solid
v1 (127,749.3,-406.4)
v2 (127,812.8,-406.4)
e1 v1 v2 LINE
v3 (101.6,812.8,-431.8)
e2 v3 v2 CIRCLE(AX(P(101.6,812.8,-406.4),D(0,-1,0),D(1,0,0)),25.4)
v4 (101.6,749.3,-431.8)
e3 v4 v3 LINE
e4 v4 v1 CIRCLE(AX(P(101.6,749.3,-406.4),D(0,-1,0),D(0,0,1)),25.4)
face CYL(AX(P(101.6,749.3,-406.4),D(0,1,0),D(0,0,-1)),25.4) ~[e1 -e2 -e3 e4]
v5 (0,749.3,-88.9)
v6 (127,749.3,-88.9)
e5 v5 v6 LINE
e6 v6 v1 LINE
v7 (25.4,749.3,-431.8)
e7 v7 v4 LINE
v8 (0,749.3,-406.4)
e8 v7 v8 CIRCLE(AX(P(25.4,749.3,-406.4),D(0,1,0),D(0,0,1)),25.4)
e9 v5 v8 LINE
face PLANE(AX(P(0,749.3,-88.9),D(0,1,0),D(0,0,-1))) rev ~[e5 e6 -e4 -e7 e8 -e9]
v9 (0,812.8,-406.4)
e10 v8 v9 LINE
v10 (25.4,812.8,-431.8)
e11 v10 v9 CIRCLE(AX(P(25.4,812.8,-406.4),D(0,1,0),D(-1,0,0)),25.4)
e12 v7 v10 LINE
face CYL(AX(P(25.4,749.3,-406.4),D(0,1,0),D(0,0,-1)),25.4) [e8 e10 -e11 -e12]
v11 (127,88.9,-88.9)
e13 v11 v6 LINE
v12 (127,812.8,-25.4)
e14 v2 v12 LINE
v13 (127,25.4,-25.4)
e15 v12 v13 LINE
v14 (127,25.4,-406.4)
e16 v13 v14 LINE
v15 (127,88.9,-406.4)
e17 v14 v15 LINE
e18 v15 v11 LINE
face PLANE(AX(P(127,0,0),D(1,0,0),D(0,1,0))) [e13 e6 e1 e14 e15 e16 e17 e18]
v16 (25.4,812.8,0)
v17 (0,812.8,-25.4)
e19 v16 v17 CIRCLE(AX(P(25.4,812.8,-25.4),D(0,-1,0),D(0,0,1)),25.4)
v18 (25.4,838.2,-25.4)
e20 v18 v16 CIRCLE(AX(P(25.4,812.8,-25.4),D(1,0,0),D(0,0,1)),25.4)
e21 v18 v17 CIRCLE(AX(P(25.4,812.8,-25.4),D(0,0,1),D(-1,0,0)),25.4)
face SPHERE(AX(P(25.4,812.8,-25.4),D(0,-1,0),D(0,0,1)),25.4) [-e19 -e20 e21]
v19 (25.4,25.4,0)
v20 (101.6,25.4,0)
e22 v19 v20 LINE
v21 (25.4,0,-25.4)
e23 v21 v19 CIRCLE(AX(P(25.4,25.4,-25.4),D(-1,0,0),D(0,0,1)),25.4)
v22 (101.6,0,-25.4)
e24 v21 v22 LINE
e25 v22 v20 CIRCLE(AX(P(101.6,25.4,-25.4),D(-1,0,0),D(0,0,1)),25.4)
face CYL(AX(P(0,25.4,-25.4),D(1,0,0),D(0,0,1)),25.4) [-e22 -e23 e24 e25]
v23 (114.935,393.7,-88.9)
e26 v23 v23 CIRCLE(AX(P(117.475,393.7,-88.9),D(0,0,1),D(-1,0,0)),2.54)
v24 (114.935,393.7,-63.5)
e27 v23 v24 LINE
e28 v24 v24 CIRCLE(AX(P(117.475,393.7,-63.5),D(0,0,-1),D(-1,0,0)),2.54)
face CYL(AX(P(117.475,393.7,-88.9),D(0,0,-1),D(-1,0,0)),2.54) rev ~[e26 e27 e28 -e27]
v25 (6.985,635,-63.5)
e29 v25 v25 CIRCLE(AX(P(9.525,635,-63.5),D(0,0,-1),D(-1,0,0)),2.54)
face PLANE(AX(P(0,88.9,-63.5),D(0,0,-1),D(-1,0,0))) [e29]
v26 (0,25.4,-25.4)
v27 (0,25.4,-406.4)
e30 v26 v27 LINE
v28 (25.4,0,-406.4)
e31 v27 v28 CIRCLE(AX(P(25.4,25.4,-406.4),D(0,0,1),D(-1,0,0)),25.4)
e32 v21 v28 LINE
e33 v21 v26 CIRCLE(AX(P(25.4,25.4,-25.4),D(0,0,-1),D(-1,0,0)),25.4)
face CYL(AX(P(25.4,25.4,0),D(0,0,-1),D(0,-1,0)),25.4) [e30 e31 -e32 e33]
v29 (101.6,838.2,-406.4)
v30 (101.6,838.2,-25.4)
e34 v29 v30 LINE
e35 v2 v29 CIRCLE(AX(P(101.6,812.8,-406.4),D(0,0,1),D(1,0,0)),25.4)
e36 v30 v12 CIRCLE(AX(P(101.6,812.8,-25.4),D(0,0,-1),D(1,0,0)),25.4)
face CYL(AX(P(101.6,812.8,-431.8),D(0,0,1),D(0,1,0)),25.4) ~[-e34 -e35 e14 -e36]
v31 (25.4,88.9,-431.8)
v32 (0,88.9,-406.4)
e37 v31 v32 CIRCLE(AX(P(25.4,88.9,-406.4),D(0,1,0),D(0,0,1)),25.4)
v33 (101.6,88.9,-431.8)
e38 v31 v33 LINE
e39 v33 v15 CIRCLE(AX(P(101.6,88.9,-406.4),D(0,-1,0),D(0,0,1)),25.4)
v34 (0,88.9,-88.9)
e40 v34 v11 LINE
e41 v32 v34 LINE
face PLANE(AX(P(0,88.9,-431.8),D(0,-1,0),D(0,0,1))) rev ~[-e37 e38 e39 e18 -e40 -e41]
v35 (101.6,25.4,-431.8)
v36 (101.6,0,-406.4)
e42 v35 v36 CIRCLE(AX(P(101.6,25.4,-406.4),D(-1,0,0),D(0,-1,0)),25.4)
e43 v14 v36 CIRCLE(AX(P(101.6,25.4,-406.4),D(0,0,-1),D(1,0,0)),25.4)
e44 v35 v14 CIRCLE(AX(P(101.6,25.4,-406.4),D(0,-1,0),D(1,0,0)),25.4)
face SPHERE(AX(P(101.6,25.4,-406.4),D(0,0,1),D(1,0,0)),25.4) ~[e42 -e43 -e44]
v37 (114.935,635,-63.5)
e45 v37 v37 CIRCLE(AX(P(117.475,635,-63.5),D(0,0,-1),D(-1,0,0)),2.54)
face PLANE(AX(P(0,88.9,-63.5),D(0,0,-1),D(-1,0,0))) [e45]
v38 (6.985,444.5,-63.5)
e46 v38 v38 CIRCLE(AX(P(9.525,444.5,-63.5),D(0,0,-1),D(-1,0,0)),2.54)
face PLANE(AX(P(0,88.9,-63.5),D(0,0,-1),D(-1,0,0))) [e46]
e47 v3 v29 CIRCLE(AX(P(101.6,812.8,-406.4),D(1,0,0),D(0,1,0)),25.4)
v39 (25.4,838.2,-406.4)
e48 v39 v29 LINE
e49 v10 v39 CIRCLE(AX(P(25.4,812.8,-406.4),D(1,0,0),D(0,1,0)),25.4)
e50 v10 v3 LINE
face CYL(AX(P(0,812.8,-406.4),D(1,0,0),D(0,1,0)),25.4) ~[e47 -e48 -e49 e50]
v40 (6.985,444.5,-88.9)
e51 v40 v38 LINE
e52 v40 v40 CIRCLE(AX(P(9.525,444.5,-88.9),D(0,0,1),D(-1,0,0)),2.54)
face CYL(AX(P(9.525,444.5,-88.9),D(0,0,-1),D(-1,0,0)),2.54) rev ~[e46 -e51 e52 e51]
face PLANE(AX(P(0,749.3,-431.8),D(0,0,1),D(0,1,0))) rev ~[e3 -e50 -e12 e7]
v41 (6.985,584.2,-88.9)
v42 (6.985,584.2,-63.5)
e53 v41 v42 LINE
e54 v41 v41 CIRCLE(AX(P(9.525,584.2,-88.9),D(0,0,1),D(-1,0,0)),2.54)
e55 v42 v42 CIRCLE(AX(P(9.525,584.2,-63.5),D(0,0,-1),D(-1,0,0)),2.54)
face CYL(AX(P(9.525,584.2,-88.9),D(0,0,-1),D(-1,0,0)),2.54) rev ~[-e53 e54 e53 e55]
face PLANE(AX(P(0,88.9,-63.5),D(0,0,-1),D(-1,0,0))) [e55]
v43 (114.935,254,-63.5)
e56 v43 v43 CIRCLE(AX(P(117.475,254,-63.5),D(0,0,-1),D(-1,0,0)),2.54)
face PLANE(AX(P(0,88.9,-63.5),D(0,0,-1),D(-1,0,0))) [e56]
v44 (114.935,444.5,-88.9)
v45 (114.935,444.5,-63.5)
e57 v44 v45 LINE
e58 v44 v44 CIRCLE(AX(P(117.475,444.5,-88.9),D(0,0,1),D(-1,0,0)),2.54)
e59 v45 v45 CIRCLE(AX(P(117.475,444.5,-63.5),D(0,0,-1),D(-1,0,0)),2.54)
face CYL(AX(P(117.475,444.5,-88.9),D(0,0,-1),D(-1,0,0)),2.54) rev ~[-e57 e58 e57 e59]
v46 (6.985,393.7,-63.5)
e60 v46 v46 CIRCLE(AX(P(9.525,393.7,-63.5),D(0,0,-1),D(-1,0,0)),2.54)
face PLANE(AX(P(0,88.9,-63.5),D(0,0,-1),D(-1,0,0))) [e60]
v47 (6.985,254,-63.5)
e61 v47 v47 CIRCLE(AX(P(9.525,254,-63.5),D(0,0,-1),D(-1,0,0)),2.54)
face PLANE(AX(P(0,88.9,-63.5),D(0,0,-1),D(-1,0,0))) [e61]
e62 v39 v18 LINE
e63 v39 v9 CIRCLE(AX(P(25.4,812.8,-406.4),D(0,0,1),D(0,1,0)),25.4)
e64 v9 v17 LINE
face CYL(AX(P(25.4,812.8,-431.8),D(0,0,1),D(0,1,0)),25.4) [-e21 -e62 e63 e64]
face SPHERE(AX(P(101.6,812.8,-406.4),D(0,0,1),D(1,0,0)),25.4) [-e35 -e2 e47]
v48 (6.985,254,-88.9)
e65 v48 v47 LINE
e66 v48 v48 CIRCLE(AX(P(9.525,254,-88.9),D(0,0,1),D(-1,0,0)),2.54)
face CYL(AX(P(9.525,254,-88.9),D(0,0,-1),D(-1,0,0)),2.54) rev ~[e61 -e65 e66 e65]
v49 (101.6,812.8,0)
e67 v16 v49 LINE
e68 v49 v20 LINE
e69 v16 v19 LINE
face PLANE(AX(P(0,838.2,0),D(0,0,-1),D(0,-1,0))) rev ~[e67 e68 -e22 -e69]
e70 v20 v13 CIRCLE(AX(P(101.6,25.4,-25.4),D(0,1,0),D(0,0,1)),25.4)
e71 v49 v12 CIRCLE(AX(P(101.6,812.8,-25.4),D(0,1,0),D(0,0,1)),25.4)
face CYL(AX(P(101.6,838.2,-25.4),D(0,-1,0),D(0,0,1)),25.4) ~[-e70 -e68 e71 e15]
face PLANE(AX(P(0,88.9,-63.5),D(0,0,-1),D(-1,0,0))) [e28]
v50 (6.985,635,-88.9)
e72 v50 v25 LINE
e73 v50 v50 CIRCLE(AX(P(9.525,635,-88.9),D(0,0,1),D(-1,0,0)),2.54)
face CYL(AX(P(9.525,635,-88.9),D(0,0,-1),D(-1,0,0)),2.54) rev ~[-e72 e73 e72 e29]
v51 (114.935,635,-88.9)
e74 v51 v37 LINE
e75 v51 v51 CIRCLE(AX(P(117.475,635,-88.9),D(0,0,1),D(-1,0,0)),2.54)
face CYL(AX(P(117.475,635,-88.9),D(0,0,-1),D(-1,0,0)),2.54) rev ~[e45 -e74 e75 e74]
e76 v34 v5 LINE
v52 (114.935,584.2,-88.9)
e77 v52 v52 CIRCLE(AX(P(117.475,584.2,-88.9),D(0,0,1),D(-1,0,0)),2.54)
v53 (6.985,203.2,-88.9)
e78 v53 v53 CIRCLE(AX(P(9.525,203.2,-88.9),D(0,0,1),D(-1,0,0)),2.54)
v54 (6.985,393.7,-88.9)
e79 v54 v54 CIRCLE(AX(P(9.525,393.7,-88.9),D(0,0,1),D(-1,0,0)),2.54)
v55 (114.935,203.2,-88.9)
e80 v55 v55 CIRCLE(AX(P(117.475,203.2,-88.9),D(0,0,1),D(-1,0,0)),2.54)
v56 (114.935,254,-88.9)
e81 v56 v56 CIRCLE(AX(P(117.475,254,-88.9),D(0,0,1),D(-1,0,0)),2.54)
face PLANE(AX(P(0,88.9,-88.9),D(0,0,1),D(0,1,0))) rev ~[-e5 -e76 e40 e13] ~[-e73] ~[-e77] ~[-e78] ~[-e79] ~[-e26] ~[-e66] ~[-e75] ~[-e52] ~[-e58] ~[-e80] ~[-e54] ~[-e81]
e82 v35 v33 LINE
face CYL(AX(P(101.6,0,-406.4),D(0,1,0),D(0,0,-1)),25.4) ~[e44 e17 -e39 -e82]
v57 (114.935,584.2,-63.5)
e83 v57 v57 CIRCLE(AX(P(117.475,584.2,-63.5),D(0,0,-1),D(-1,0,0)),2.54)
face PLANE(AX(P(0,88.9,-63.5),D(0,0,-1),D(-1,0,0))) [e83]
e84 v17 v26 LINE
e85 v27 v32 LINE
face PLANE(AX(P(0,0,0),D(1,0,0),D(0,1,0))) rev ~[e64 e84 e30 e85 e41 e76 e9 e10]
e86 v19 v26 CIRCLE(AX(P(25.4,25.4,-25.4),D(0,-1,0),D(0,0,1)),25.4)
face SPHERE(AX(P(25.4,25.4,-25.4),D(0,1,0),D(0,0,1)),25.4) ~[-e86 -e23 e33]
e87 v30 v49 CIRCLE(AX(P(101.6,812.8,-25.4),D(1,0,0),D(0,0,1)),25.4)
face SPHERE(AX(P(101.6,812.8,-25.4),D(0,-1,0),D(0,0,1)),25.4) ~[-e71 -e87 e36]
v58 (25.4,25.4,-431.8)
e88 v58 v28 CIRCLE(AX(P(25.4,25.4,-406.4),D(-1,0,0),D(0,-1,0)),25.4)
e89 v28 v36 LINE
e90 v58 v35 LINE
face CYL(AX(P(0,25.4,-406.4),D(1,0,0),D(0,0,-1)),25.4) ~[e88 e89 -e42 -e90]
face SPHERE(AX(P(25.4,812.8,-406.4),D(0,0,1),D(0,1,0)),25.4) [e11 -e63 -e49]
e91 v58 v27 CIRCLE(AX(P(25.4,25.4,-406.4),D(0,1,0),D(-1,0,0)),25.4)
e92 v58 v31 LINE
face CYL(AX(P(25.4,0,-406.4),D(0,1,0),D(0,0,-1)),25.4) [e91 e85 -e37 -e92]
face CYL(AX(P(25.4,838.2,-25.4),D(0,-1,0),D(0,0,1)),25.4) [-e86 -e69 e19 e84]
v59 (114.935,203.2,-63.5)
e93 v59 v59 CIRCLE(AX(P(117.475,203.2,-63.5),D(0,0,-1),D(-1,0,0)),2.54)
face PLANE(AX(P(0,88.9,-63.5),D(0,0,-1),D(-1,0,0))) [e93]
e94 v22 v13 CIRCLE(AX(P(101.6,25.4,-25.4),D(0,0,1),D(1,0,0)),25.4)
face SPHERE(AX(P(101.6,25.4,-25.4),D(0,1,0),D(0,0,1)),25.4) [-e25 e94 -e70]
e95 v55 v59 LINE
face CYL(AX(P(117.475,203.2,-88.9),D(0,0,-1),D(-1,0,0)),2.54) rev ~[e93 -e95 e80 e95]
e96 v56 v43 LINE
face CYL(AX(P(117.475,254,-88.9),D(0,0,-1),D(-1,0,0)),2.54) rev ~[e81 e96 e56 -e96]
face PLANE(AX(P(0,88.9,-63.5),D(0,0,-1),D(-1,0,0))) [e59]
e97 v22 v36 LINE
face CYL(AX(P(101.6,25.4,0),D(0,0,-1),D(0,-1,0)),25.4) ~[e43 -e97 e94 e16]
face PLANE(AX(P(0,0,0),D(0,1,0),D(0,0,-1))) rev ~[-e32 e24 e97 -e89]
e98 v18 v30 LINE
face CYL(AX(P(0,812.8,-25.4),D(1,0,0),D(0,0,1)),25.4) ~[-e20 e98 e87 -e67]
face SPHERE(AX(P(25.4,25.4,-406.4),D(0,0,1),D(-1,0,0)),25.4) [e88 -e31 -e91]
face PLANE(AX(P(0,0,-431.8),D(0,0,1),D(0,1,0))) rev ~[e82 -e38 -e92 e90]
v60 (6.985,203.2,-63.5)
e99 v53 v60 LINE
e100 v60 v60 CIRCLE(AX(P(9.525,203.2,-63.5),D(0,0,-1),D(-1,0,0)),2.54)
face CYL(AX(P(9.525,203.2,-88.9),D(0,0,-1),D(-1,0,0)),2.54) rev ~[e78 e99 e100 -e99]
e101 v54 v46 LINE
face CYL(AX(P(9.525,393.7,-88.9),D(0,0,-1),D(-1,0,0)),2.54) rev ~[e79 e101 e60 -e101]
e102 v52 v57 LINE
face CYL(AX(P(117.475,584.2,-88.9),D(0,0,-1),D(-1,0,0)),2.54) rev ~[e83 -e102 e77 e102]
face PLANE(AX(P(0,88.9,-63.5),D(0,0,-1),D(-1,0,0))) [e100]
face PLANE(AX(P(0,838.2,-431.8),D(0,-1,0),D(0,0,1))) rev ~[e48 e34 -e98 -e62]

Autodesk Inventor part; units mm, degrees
ref_plane "YZ Plane" through (0, 0, 0) normal (1, 0, 0) x (0, 1, 0)
ref_plane "XZ Plane" through (0, 0, 0) normal (0, 1, 0) x (-1, 0, 0)
ref_plane "XY Plane" through (0, 0, 0) normal (0, 0, 1) x (1, 0, 0)
sketch "Sketch1" plane through (0, 0, 0) normal (1, 0, 0) x (0, 1, 0)
  point P0 (0, 0)
sketch "Sketch2" plane through (0, 0, 0) normal (1, 0, 0) x (0, 1, 0)
  line L0 (0, 0) -> (0, -431.8)
  line L1 (0, -431.8) -> (88.9, -431.8)
  line L2 (88.9, -431.8) -> (88.9, -88.9)
  line L3 (88.9, -88.9) -> (749.3, -88.9)
  line L4 (749.3, -88.9) -> (749.3, -431.8)
  line L5 (749.3, -431.8) -> (838.2, -431.8)
  line L6 (838.2, -431.8) -> (838.2, 0)
  line L7 (838.2, 0) -> (0, 0)
  dimension "d0" = 660.4
  dimension "d1" = 342.9
  dimension "d2" = 342.9
  dimension "d3" = 88.9
  dimension "d4" = 88.9
  dimension "d5" = 88.9
extrude "Extrusion1" add sketch "Sketch2" along normal blind 127
fillet "Fillet1" radius 25.4 14 edges at (127, 419.1, 0) (0, 419.1, 0) (63.5, 838.2, 0) (127, 838.2, -215.9) (0, 838.2, -215.9) (63.5, 0, 0) (127, 0, -215.9) (127, 44.45, -431.8) (127, 793.75, -431.8) (63.5, 838.2, -431.8) (0, 793.75, -431.8) (0, 0, -215.9) (0, 44.45, -431.8) (63.5, 0, -431.8)
sketch "Sketch7" plane through (0, 88.9, -88.9) normal (0, 0, -1) x (-1, 0, 0)
  line L0 (-127, 0) -> (-127, 660.4) projected
  line L1 (-127, 0) -> (-127, 660.4)
  line L2 (-127, 660.4) -> (-127, 647.7)
  line L3 (-127, -63.5) -> (-127, 723.9) projected
  line L4 (-127, 0) -> (-127, 12.7)
  line L5 (-127, 12.7) -> (-127, 139.7)
  line L6 (-127, 139.7) -> (-127, 266.7)
  line L7 (-127, 266.7) -> (-127, 393.7)
  line L8 (-127, 393.7) -> (-127, 520.7)
  line L9 (-127, 520.7) -> (-127, 647.7)
  line L10 (-127, 330.2) -> (0, 330.2)
  line L11 (-127, 520.7) -> (0, 520.7)
  line L12 (0, 0) -> (0, 660.4) projected
  line L13 (-127, 139.7) -> (0, 139.7)
  line L14 (-127, 139.7) -> (-117.475, 139.7)
  line L15 (-127, 330.2) -> (-117.475, 330.2)
  line L16 (-127, 520.7) -> (-117.475, 520.7)
  line L17 (-117.475, 139.7) -> (-117.475, 165.1)
  line L18 (-117.475, 139.7) -> (-117.475, 114.3)
  line L19 (-117.475, 330.2) -> (-117.475, 304.8)
  line L20 (-117.475, 304.8) -> (-117.475, 355.6)
  line L21 (-117.475, 520.7) -> (-117.475, 495.3)
  line L22 (-117.475, 495.3) -> (-117.475, 546.1)
  circle A0 centre (-117.475, 114.3) radius 2.54
  circle A1 centre (-117.475, 165.1) radius 2.54
  circle A2 centre (-117.475, 304.8) radius 2.54
  circle A3 centre (-117.475, 355.6) radius 2.54
  circle A4 centre (-117.475, 495.3) radius 2.54
  circle A5 centre (-117.475, 546.1) radius 2.54
  line L23 (0, 139.7) -> (-9.525, 139.7)
  line L24 (-9.525, 139.7) -> (-9.525, 114.3)
  line L25 (-9.525, 114.3) -> (-9.525, 165.1)
  line L26 (-9.525, 304.8) -> (-9.525, 330.2)
  line L27 (-9.525, 330.2) -> (-9.525, 355.6)
  line L28 (-9.525, 495.3) -> (-9.525, 520.7)
  line L29 (-9.525, 520.7) -> (-9.525, 546.1)
  circle A6 centre (-9.525, 114.3) radius 2.54
  circle A7 centre (-9.525, 165.1) radius 2.54
  circle A8 centre (-9.525, 304.8) radius 2.54
  circle A9 centre (-9.525, 355.6) radius 2.54
  circle A10 centre (-9.525, 495.3) radius 2.54
  circle A11 centre (-9.525, 546.1) radius 2.54
  point P0 (0, -88.9)
  dimension "d52" = 12.7
  dimension "d53" = 12.7
  dimension "d54" = 127
  dimension "d55" = 127
  dimension "d56" = 127
  dimension "d57" = 127
  dimension "d58" = 9.525
  dimension "d59" = 25.4
  dimension "d60" = 25.4
  dimension "d61" = 25.4
  dimension "d62" = 50.8
  dimension "d63" = 25.4
  dimension "d64" = 50.8
  dimension "d65" = 5.08
  dimension "d66" = 9.525
extrude "Extrusion7" cut sketch "Sketch7" against normal blind 25.4 contours A5 | A11 | A6 | A0 | A1 | A7 | A8 | A2 | A3 | A9 | A10 | A4
properties part number "Bumper"
